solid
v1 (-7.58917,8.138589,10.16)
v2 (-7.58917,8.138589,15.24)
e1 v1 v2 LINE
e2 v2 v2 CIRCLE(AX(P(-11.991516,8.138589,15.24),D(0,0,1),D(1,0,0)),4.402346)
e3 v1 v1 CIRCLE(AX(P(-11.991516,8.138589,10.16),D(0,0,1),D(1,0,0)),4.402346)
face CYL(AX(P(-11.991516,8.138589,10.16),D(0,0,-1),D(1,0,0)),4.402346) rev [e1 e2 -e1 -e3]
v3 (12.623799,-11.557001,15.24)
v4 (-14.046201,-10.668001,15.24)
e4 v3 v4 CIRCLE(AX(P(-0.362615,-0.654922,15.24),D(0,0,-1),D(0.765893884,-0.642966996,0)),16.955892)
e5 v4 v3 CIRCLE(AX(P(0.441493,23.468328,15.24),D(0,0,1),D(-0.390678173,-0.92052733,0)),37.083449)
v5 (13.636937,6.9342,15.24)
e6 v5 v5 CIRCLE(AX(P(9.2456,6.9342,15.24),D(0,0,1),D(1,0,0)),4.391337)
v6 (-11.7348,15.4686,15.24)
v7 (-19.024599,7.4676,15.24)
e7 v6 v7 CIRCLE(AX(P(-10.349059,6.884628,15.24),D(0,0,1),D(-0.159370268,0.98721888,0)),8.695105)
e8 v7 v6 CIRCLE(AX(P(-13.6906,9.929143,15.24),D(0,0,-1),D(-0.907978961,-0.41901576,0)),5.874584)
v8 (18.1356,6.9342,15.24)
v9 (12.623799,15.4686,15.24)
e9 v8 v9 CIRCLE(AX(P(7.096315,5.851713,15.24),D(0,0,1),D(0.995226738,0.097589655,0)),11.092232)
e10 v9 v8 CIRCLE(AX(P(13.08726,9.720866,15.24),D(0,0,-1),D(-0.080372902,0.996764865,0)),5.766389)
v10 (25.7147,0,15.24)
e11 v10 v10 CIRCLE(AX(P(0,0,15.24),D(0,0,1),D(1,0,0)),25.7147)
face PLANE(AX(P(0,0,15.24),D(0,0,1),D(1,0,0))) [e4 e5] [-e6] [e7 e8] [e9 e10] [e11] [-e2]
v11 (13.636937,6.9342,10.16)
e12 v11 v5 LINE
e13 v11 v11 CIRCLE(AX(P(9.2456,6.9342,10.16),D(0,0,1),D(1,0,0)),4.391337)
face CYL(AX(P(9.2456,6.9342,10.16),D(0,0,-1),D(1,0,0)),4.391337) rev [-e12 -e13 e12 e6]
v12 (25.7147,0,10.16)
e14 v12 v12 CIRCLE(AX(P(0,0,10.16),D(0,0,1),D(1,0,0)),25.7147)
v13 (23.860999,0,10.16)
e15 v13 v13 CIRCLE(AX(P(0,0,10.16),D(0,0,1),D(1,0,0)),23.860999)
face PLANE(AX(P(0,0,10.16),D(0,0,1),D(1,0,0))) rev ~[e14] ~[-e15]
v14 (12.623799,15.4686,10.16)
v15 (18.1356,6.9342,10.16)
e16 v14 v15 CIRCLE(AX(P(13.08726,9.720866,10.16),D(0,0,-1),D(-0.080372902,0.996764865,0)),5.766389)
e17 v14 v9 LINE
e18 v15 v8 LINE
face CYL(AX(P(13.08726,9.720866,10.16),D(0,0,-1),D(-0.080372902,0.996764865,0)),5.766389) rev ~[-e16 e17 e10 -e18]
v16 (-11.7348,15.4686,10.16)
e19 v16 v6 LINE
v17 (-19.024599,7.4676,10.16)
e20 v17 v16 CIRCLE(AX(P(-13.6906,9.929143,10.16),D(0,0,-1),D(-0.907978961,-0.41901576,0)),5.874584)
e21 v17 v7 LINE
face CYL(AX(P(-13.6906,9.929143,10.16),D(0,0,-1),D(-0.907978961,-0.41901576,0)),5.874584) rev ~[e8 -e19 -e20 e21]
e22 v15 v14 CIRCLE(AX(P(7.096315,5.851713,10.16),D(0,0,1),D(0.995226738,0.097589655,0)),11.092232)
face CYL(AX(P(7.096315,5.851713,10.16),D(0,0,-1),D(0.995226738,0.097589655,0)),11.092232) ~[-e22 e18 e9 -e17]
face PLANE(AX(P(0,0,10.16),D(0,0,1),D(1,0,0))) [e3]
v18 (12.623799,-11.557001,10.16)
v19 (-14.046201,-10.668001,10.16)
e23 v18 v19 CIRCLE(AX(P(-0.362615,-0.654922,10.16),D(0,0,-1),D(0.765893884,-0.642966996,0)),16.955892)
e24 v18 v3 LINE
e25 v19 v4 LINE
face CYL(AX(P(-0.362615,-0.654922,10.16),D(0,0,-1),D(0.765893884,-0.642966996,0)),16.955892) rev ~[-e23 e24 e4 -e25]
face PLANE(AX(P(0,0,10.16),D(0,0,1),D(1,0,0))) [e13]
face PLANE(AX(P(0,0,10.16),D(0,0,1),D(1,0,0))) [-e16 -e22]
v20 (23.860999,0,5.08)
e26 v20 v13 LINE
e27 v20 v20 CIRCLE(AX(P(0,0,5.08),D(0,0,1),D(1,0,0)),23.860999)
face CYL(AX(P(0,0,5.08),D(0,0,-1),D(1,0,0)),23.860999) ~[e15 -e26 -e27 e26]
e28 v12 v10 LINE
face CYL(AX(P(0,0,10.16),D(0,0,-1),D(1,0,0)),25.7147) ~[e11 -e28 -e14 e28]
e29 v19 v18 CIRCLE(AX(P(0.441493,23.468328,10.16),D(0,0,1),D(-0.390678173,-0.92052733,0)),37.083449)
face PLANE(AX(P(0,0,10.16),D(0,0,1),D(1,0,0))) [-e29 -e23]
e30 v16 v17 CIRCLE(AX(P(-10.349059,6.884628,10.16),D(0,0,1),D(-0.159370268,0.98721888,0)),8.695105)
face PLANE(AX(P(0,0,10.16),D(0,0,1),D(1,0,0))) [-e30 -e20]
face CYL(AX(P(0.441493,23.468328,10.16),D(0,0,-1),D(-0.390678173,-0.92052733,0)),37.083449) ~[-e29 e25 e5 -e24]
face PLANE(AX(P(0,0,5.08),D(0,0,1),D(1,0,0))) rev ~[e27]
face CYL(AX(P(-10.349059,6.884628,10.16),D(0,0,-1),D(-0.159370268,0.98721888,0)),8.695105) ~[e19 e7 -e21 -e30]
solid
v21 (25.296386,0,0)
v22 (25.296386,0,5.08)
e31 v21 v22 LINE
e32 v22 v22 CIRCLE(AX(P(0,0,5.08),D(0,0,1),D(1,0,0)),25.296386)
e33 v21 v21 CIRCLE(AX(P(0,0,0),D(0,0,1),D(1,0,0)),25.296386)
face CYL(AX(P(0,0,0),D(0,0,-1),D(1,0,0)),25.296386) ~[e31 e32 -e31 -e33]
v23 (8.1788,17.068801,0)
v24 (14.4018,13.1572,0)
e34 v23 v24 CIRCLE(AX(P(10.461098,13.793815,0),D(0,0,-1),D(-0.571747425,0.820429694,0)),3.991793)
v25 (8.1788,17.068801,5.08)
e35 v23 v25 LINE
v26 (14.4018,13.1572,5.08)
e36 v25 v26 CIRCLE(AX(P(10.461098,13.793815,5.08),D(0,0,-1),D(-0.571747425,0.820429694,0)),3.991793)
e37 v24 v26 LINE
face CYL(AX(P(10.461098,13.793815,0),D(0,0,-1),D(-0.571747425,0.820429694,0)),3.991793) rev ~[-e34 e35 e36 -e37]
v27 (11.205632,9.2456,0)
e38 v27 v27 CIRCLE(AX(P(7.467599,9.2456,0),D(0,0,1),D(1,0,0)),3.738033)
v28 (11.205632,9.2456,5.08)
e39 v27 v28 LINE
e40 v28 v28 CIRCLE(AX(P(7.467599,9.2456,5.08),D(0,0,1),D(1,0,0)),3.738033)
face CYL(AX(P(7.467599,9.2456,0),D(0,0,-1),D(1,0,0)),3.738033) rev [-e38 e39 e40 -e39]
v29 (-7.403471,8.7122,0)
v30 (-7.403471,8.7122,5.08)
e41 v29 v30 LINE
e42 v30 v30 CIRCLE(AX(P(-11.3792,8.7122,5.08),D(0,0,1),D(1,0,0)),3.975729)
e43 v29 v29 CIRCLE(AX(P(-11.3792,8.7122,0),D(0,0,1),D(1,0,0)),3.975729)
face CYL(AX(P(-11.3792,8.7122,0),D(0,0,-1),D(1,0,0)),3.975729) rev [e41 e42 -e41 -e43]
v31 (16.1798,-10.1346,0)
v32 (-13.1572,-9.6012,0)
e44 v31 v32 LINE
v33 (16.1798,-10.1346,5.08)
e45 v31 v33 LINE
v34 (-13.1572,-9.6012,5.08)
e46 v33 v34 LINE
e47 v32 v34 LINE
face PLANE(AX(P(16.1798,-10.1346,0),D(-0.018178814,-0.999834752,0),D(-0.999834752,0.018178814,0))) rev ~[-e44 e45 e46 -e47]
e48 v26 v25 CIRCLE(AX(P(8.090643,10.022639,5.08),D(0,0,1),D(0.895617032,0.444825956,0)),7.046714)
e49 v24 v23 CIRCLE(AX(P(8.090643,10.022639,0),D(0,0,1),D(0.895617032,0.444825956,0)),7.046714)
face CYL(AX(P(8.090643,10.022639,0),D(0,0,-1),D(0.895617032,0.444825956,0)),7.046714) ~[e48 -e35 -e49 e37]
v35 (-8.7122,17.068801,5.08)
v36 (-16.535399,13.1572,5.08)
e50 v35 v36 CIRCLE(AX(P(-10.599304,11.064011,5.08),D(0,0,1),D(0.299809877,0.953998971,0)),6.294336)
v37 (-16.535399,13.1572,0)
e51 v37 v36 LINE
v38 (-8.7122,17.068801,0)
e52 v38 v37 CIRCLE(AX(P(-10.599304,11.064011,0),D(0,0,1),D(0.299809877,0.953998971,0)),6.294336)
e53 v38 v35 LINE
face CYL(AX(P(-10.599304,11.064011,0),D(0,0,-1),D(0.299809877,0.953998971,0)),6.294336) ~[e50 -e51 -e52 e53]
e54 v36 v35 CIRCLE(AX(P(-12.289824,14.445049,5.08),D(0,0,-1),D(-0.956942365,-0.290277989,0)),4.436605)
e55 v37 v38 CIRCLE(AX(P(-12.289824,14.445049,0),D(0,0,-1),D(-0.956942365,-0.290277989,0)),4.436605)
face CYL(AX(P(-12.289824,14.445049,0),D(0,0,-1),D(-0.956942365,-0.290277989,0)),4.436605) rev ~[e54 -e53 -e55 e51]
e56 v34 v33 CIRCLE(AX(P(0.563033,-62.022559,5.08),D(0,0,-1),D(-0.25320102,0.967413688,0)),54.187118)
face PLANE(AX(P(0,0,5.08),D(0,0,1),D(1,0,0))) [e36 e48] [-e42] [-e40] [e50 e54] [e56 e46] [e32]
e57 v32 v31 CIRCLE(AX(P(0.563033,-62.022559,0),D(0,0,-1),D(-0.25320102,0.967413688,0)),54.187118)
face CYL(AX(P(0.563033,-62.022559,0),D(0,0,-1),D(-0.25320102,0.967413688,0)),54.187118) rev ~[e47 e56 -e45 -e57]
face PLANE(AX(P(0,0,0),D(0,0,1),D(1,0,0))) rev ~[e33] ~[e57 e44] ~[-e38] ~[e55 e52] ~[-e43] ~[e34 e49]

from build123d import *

# Parameters (mm, degrees)
F0_R     = 25.296386
F0_R_2   = 3.975729
F0_R_3   = 3.738033
F1_DEPTH = 5.08
F2_R     = 23.860999
F3_DEPTH = 5.08
F4_R     = 25.7147
F4_R_2   = 4.402346
F4_R_3   = 4.391337
F4_R_4   = 23.860999
F5_DEPTH = 5.08


with BuildPart() as f1:
    # F0 (on Top) → F1 (new body)
    with BuildSketch(Plane.XY):
        Circle(F0_R)
        with BuildLine():
            ThreePointArc((-13.1572, -9.6012), (1.548091, -7.844396), (16.1798, -10.1346))
            Line((16.1798, -10.1346), (-13.1572, -9.6012))
        make_face(mode=Mode.SUBTRACT)
        with Locations((-11.3792, 8.7122)):
            Circle(F0_R_2, mode=Mode.SUBTRACT)
        with BuildLine():
            ThreePointArc((-16.535399, 13.1572), (-14.273934, 18.413269), (-8.7122, 17.068801))
            ThreePointArc((-8.7122, 17.068801), (-13.414217, 16.693836), (-16.535399, 13.1572))
        make_face(mode=Mode.SUBTRACT)
        with Locations((7.467599, 9.2456)):
            Circle(F0_R_3, mode=Mode.SUBTRACT)
        with BuildLine():
            ThreePointArc((8.1788, 17.068801), (12.585417, 17.173413), (14.4018, 13.1572))
            ThreePointArc((14.4018, 13.1572), (11.840704, 15.988644), (8.1788, 17.068801))
        make_face(mode=Mode.SUBTRACT)
    extrude(amount=F1_DEPTH)


with BuildPart() as f3:
    # F2 (on face) → F3 (new body)
    with BuildSketch(Plane.XY.offset(5.08)):
        Circle(F2_R)
    extrude(amount=F3_DEPTH)

    # F4 (on face) → F5 (join)
    with BuildSketch(Plane.XY.offset(10.16)):
        Circle(F4_R)
        with BuildLine():
            ThreePointArc((12.623799, -11.557001), (-0.927497, -17.601402), (-14.046201, -10.668001))
            ThreePointArc((-14.046201, -10.668001), (-0.793935, -13.594537), (12.623799, -11.557001))
        make_face(mode=Mode.SUBTRACT)
        with BuildLine():
            ThreePointArc((-19.024599, 7.4676), (-18.033072, 13.885616), (-11.7348, 15.4686))
            ThreePointArc((-11.7348, 15.4686), (-16.776449, 12.740694), (-19.024599, 7.4676))
        make_face(mode=Mode.SUBTRACT)
        with Locations((-11.991516, 8.138589)):
            Circle(F4_R_2, mode=Mode.SUBTRACT)
        with Locations((9.2456, 6.9342)):
            Circle(F4_R_3, mode=Mode.SUBTRACT)
        with BuildLine():
            ThreePointArc((12.623799, 15.4686), (17.931254, 12.849279), (18.1356, 6.9342))
            ThreePointArc((18.1356, 6.9342), (16.414225, 11.869532), (12.623799, 15.4686))
        make_face(mode=Mode.SUBTRACT)
        Circle(F4_R_4)
        with BuildLine():
            ThreePointArc((12.623799, -11.557001), (-0.927497, -17.601402), (-14.046201, -10.668001))
            ThreePointArc((-14.046201, -10.668001), (-0.793935, -13.594537), (12.623799, -11.557001))
        make_face(mode=Mode.SUBTRACT)
        with BuildLine():
            ThreePointArc((-19.024599, 7.4676), (-18.033072, 13.885616), (-11.7348, 15.4686))
            ThreePointArc((-11.7348, 15.4686), (-16.776449, 12.740694), (-19.024599, 7.4676))
        make_face(mode=Mode.SUBTRACT)
        with Locations((-11.991516, 8.138589)):
            Circle(F4_R_2, mode=Mode.SUBTRACT)
        with Locations((9.2456, 6.9342)):
            Circle(F4_R_3, mode=Mode.SUBTRACT)
        with BuildLine():
            ThreePointArc((12.623799, 15.4686), (17.931254, 12.849279), (18.1356, 6.9342))
            ThreePointArc((18.1356, 6.9342), (16.414225, 11.869532), (12.623799, 15.4686))
        make_face(mode=Mode.SUBTRACT)
    extrude(amount=F5_DEPTH)


solid = Compound([f1.part, f3.part])
